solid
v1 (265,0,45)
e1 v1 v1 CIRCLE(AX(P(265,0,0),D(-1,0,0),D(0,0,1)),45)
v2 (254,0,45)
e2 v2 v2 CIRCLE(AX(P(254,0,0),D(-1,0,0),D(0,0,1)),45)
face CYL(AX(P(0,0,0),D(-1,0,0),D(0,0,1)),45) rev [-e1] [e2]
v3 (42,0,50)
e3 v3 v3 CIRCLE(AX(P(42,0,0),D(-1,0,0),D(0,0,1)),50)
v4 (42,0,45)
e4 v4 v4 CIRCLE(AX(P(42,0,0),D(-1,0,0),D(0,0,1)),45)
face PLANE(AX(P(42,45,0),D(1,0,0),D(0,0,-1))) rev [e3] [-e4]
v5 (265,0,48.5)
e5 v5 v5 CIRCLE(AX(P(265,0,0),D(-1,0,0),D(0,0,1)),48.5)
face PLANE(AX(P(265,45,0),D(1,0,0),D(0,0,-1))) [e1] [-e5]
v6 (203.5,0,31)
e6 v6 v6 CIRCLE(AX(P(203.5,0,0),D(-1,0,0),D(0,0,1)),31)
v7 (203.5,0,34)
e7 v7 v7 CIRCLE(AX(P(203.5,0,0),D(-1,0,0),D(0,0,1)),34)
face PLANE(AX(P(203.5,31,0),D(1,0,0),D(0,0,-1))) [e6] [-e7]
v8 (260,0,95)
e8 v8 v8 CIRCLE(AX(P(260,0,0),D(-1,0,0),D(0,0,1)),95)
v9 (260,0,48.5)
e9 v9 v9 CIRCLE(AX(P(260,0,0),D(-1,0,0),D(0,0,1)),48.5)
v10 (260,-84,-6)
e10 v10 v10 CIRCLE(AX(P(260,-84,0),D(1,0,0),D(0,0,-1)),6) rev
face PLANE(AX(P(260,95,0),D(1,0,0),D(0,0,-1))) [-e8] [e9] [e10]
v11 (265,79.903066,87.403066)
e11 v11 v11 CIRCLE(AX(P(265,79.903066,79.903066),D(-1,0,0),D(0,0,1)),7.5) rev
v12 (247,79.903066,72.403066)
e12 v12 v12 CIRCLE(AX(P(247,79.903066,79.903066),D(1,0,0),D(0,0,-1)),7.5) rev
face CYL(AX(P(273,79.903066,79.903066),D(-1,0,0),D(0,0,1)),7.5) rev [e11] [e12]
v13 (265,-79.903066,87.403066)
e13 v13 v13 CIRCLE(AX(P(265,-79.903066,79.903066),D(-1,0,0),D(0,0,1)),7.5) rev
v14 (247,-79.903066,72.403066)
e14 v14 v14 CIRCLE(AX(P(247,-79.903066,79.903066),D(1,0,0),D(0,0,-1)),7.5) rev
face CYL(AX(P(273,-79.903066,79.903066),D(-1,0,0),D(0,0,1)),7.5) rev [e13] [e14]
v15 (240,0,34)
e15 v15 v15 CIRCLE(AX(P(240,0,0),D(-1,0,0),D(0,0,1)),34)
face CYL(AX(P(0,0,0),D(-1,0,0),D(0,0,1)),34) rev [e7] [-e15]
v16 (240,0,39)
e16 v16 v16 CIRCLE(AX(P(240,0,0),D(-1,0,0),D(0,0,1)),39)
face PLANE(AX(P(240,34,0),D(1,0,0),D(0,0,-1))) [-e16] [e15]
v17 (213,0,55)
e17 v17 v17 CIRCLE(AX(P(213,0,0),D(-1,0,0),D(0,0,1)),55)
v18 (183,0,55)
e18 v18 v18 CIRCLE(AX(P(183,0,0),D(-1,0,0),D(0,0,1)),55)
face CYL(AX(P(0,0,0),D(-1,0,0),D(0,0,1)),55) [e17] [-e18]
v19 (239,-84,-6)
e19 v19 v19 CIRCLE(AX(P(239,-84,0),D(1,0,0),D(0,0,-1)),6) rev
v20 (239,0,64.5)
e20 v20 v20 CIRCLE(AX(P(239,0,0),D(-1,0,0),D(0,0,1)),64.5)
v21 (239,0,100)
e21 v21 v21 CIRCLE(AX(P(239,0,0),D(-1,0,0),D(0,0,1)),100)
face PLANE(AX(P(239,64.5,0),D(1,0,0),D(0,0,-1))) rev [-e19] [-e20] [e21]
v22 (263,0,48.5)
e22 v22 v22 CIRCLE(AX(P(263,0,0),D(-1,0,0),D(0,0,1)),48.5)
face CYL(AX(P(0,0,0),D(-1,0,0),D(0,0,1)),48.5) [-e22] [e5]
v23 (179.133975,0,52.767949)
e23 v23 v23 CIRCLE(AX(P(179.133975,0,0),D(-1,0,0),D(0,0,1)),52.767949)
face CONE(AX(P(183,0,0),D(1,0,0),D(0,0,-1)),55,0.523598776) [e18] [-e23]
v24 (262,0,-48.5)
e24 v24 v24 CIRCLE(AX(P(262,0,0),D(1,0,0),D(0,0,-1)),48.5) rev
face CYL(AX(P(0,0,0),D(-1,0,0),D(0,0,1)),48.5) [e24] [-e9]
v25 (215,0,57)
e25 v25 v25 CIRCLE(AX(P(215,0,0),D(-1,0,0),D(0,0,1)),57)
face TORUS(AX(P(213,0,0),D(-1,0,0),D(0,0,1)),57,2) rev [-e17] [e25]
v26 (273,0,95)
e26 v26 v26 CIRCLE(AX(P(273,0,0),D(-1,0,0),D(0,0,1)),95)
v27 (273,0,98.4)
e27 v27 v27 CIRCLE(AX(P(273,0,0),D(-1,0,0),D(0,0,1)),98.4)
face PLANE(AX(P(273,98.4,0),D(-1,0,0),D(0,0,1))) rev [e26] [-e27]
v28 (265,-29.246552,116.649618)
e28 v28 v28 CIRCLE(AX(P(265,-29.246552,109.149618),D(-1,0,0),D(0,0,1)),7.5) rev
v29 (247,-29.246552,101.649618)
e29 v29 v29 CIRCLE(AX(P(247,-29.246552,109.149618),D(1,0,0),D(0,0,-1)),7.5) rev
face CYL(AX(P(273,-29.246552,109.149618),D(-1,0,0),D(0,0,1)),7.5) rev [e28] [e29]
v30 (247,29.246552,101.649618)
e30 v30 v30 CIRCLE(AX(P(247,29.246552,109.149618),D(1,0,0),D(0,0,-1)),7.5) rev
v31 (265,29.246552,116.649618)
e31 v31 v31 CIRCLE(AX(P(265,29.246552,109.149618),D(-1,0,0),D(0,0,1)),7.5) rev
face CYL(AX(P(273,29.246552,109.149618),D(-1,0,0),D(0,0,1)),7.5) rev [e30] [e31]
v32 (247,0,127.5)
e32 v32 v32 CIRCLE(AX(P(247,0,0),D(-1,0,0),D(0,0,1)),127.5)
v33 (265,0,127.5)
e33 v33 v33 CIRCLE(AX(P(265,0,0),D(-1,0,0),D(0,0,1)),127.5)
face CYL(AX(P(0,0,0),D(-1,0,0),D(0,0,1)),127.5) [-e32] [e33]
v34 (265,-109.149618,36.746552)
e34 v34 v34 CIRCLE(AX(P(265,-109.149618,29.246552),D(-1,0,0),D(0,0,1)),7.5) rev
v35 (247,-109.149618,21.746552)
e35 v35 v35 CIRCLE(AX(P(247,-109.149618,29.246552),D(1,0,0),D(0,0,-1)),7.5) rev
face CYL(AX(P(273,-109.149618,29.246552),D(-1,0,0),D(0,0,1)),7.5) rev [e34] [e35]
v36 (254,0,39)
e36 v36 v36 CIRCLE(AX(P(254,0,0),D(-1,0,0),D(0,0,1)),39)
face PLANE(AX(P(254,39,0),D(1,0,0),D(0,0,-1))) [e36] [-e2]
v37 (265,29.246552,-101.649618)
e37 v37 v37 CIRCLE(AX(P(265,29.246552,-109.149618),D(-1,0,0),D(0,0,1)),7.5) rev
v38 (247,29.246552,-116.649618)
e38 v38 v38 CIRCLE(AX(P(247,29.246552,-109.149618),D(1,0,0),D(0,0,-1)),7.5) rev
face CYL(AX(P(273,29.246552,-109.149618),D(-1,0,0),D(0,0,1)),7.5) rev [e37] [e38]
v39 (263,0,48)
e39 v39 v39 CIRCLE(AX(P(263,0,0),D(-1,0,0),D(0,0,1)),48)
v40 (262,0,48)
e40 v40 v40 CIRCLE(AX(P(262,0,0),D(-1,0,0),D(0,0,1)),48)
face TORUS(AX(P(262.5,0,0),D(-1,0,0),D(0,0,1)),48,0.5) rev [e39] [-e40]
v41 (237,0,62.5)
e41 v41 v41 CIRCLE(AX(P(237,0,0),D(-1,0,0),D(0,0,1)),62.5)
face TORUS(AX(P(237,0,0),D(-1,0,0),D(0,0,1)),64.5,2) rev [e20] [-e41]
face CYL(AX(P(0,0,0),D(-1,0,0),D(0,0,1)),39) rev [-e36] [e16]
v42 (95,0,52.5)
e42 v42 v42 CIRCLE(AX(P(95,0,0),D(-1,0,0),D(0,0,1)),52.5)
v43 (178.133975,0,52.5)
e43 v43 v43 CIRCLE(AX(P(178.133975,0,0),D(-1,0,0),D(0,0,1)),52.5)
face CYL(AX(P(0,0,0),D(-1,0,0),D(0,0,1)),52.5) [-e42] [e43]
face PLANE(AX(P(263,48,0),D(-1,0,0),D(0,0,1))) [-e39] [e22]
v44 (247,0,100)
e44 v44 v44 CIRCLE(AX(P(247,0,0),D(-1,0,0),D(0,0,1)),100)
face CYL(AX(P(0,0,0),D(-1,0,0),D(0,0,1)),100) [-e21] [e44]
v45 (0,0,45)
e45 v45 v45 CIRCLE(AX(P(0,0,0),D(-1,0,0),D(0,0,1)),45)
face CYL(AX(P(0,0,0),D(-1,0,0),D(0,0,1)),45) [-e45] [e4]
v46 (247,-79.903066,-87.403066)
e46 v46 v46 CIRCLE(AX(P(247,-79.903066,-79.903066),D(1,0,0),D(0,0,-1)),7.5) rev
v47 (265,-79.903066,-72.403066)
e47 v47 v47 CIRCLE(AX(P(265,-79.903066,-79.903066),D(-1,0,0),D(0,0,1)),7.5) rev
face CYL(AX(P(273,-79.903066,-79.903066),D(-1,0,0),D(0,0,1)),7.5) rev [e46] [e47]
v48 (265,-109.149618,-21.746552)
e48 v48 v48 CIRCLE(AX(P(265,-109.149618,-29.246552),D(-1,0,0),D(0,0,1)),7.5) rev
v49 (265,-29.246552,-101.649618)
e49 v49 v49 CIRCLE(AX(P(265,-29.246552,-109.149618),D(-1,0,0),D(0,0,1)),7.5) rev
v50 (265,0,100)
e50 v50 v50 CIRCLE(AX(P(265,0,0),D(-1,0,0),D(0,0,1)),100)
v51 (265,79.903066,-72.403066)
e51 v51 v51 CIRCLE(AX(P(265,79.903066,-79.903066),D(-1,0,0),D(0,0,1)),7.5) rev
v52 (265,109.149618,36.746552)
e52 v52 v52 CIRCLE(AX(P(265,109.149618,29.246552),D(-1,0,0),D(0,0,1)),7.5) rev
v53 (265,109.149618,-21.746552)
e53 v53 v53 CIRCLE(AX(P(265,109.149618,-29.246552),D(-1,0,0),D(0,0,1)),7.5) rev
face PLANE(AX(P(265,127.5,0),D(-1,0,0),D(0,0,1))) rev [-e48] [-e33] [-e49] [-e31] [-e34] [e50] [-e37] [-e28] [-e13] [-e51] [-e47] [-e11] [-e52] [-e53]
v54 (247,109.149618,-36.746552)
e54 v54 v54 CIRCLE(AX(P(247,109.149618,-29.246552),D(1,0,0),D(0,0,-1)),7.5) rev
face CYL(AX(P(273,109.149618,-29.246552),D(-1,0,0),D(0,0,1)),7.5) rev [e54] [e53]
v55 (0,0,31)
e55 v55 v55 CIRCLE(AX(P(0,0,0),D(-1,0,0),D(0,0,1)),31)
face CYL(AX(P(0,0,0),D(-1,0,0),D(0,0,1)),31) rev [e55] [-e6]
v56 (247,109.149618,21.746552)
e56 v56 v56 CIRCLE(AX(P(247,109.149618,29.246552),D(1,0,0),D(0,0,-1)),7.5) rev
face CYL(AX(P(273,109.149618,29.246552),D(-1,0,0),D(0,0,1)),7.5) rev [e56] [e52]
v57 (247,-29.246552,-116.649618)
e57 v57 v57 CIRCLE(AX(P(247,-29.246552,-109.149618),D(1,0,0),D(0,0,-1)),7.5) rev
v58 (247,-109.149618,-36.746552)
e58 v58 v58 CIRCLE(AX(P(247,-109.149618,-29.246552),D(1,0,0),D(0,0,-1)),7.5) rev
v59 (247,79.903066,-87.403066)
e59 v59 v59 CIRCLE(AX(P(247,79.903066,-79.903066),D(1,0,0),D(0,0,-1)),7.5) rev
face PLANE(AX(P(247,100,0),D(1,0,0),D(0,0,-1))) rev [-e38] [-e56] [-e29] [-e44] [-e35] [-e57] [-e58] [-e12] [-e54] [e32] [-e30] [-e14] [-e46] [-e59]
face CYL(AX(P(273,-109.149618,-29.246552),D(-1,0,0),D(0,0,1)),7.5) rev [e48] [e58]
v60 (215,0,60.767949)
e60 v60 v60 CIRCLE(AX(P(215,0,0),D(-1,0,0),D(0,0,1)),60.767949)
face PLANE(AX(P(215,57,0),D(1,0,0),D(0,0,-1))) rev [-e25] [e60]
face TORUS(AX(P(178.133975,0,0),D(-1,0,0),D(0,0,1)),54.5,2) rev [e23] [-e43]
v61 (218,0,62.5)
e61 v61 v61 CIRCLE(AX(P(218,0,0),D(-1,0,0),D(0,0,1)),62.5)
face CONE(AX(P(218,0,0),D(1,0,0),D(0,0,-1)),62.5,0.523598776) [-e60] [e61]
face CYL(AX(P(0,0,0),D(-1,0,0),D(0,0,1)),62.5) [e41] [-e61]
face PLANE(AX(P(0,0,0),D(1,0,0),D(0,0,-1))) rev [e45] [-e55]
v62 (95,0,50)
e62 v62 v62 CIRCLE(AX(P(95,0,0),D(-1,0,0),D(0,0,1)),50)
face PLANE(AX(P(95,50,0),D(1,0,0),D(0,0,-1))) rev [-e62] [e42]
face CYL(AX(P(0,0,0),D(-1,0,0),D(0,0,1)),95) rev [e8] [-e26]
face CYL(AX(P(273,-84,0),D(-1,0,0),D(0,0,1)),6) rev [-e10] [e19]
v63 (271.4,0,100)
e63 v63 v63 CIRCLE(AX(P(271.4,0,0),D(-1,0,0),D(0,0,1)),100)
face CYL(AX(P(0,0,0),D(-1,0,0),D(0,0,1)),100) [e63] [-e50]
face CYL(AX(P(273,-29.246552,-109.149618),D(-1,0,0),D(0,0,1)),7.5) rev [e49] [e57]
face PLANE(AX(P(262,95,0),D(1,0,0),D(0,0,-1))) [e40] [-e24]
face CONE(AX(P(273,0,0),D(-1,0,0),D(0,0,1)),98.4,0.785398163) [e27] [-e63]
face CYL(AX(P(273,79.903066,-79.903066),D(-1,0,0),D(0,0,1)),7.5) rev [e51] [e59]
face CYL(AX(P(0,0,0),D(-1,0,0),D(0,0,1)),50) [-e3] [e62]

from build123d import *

# Parameters (mm, degrees)
SKETCH_3_W           = 2
SKETCH_3_H           = 46.5
SKETCH_5_W           = 2
SKETCH_5_H           = 46.5
SKETCH_6_R           = 7.5
CUT_EXTRUDE_1_DEPTH  = 328.171973127
SKETCH_7_R           = 7.5
CUT_EXTRUDE_2_DEPTH  = 328.171973127
SKETCH_8_R           = 7.5
CUT_EXTRUDE_3_DEPTH  = 328.171973127
SKETCH_9_R           = 7.5
CUT_EXTRUDE_4_DEPTH  = 328.171973127
SKETCH_10_R          = 7.5
CUT_EXTRUDE_5_DEPTH  = 328.171973127
SKETCH_11_R          = 7.5
CUT_EXTRUDE_6_DEPTH  = 328.171973127
SKETCH_12_R          = 7.5
CUT_EXTRUDE_7_DEPTH  = 328.171973127
SKETCH_13_R          = 7.5
CUT_EXTRUDE_8_DEPTH  = 328.171973127
SKETCH_14_R          = 7.5
CUT_EXTRUDE_9_DEPTH  = 328.171973127
SKETCH_15_R          = 7.5
CUT_EXTRUDE_10_DEPTH = 328.171973127
SKETCH_16_R          = 7.5
CUT_EXTRUDE_11_DEPTH = 328.171973127
SKETCH_17_R          = 7.5
CUT_EXTRUDE_12_DEPTH = 328.171973127
SKETCH_18_R          = 6
CUT_EXTRUDE_13_DEPTH = 328.171973127


with BuildPart() as part:
    # Эскиз1 → Повернуть1 (revolve)
    with BuildSketch(Plane.XY, mode=Mode.PRIVATE) as revolve_1_sk:
        with BuildLine():
            Line((0, 0), (273, 0))
            Line((273, 0), (273, 98.4))
            Line((273, 98.4), (271.4, 100))
            Line((271.4, 100), (265, 100))
            Line((265, 100), (265, 127.5))
            Line((265, 127.5), (247, 127.5))
            Line((247, 127.5), (247, 100))
            Line((247, 100), (239, 100))
            Line((239, 100), (239, 64.5))
            ThreePointArc((239, 64.5), (238.414213562, 63.085786438), (237, 62.5))
            Line((237, 62.5), (218, 62.5))
            Line((218, 62.5), (215, 60.767949192))
            Line((215, 60.767949192), (215, 57))
            ThreePointArc((215, 57), (214.414213562, 55.585786438), (213, 55))
            Line((213, 55), (183, 55))
            Line((183, 55), (179.133974596, 52.767949192))
            ThreePointArc((179.133974596, 52.767949192), (178.651612686, 52.568148347), (178.133974596, 52.5))
            Line((178.133974596, 52.5), (95, 52.5))
            Line((95, 52.5), (95, 50))
            Line((95, 50), (42, 50))
            Line((42, 50), (42, 45))
            Line((42, 45), (0, 45))
            Line((0, 45), (0, 0))
        make_face()
    revolve(revolve_1_sk.sketch.rotate(Axis((0, 0, 0), (1, 0, 0)), 90), axis=Axis((0, 0, 0), (1, 0, 0)))

    # Эскиз2 → Вырез-Повернуть1 (revolve, cut)
    with BuildSketch(Plane.XY, mode=Mode.PRIVATE) as cut_revolve_1_sk:
        Polygon((0, 0), (273, 0), (273, 95), (265, 95), (265, 45), (254, 45), (254, 39), (240, 39), (240, 34), (203.5, 34), (203.5, 31), (0, 31), align=None)
    revolve(cut_revolve_1_sk.sketch.rotate(Axis((0, 0, 0), (1, 0, 0)), 90), axis=Axis((0, 0, 0), (1, 0, 0)), mode=Mode.SUBTRACT)

    # Эскиз3 → Rear_recess_left (revolve, cut)
    with BuildSketch(Plane.XY, mode=Mode.PRIVATE) as rear_recess_left_sk:
        with Locations((261, 71.75)):
            Rectangle(SKETCH_3_W, SKETCH_3_H)
    revolve(rear_recess_left_sk.sketch.rotate(Axis((0, 0, 0), (1, 0, 0)), 90), axis=Axis((0, 0, 0), (1, 0, 0)), mode=Mode.SUBTRACT)

    # Эскиз4 → Collar_groove_nominal (revolve, cut)
    with BuildSketch(Plane.XY, mode=Mode.PRIVATE) as collar_groove_nominal_sk:
        with BuildLine():
            Line((263, 48), (263, 95))
            Line((263, 95), (262, 95))
            Line((262, 95), (262, 48))
            ThreePointArc((262, 48), (262.146446609, 47.646446609), (262.5, 47.5))
            ThreePointArc((262.5, 47.5), (262.853553391, 47.646446609), (263, 48))
        make_face()
    revolve(collar_groove_nominal_sk.sketch.rotate(Axis((0, 0, 0), (1, 0, 0)), 90), axis=Axis((0, 0, 0), (1, 0, 0)), mode=Mode.SUBTRACT)

    # Эскиз5 → Rear_recess_lip (revolve, cut)
    with BuildSketch(Plane.XY, mode=Mode.PRIVATE) as rear_recess_lip_sk:
        with Locations((264, 71.75)):
            Rectangle(SKETCH_5_W, SKETCH_5_H)
    revolve(rear_recess_lip_sk.sketch.rotate(Axis((0, 0, 0), (1, 0, 0)), 90), axis=Axis((0, 0, 0), (1, 0, 0)), mode=Mode.SUBTRACT)

    # Эскиз6 → Вырез-Вытянуть1 (cut, through all)
    with BuildSketch(Plane(origin=(0, 0, 0), x_dir=(0, 0, -1), z_dir=(1, 0, 0))):
        with Locations(Location((109.149618371, 29.246552097, 0), (0, 0, 180))):
            Circle(SKETCH_6_R)
    extrude(amount=CUT_EXTRUDE_1_DEPTH, mode=Mode.SUBTRACT)

    # Эскиз7 → Вырез-Вытянуть2 (cut, through all)
    with BuildSketch(Plane(origin=(0, 0, 0), x_dir=(0, 0, -1), z_dir=(1, 0, 0))):
        with Locations(Location((79.903066274, 79.903066274, 0), (0, 0, 180))):
            Circle(SKETCH_7_R)
    extrude(amount=CUT_EXTRUDE_2_DEPTH, mode=Mode.SUBTRACT)

    # Эскиз8 → Вырез-Вытянуть3 (cut, through all)
    with BuildSketch(Plane(origin=(0, 0, 0), x_dir=(0, 0, -1), z_dir=(1, 0, 0))):
        with Locations(Location((29.246552097, 109.149618371, 0), (0, 0, 180))):
            Circle(SKETCH_8_R)
    extrude(amount=CUT_EXTRUDE_3_DEPTH, mode=Mode.SUBTRACT)

    # Эскиз9 → Вырез-Вытянуть4 (cut, through all)
    with BuildSketch(Plane(origin=(0, 0, 0), x_dir=(0, 0, -1), z_dir=(1, 0, 0))):
        with Locations(Location((-29.246552097, 109.149618371, 0), (0, 0, 180))):
            Circle(SKETCH_9_R)
    extrude(amount=CUT_EXTRUDE_4_DEPTH, mode=Mode.SUBTRACT)

    # Эскиз10 → Вырез-Вытянуть5 (cut, through all)
    with BuildSketch(Plane(origin=(0, 0, 0), x_dir=(0, 0, -1), z_dir=(1, 0, 0))):
        with Locations(Location((-79.903066274, 79.903066274, 0), (0, 0, 180))):
            Circle(SKETCH_10_R)
    extrude(amount=CUT_EXTRUDE_5_DEPTH, mode=Mode.SUBTRACT)

    # Эскиз11 → Вырез-Вытянуть6 (cut, through all)
    with BuildSketch(Plane(origin=(0, 0, 0), x_dir=(0, 0, -1), z_dir=(1, 0, 0))):
        with Locations(Location((-109.149618371, 29.246552097, 0), (0, 0, 180))):
            Circle(SKETCH_11_R)
    extrude(amount=CUT_EXTRUDE_6_DEPTH, mode=Mode.SUBTRACT)

    # Эскиз12 → Вырез-Вытянуть7 (cut, through all)
    with BuildSketch(Plane(origin=(0, 0, 0), x_dir=(0, 0, -1), z_dir=(1, 0, 0))):
        with Locations(Location((-109.149618371, -29.246552097, 0), (0, 0, 180))):
            Circle(SKETCH_12_R)
    extrude(amount=CUT_EXTRUDE_7_DEPTH, mode=Mode.SUBTRACT)

    # Эскиз13 → Вырез-Вытянуть8 (cut, through all)
    with BuildSketch(Plane(origin=(0, 0, 0), x_dir=(0, 0, -1), z_dir=(1, 0, 0))):
        with Locations(Location((-79.903066274, -79.903066274, 0), (0, 0, 180))):
            Circle(SKETCH_13_R)
    extrude(amount=CUT_EXTRUDE_8_DEPTH, mode=Mode.SUBTRACT)

    # Эскиз14 → Вырез-Вытянуть9 (cut, through all)
    with BuildSketch(Plane(origin=(0, 0, 0), x_dir=(0, 0, -1), z_dir=(1, 0, 0))):
        with Locations(Location((-29.246552097, -109.149618371, 0), (0, 0, 180))):
            Circle(SKETCH_14_R)
    extrude(amount=CUT_EXTRUDE_9_DEPTH, mode=Mode.SUBTRACT)

    # Эскиз15 → Вырез-Вытянуть10 (cut, through all)
    with BuildSketch(Plane(origin=(0, 0, 0), x_dir=(0, 0, -1), z_dir=(1, 0, 0))):
        with Locations(Location((29.246552097, -109.149618371, 0), (0, 0, 180))):
            Circle(SKETCH_15_R)
    extrude(amount=CUT_EXTRUDE_10_DEPTH, mode=Mode.SUBTRACT)

    # Эскиз16 → Вырез-Вытянуть11 (cut, through all)
    with BuildSketch(Plane(origin=(0, 0, 0), x_dir=(0, 0, -1), z_dir=(1, 0, 0))):
        with Locations(Location((79.903066274, -79.903066274, 0), (0, 0, 180))):
            Circle(SKETCH_16_R)
    extrude(amount=CUT_EXTRUDE_11_DEPTH, mode=Mode.SUBTRACT)

    # Эскиз17 → Вырез-Вытянуть12 (cut, through all)
    with BuildSketch(Plane(origin=(0, 0, 0), x_dir=(0, 0, -1), z_dir=(1, 0, 0))):
        with Locations(Location((109.149618371, -29.246552097, 0), (0, 0, 180))):
            Circle(SKETCH_17_R)
    extrude(amount=CUT_EXTRUDE_12_DEPTH, mode=Mode.SUBTRACT)

    # Эскиз18 → Вырез-Вытянуть13 (cut, through all)
    with BuildSketch(Plane(origin=(0, 0, 0), x_dir=(0, 0, -1), z_dir=(1, 0, 0))):
        with Locations((0, -84)):
            Circle(SKETCH_18_R)
    extrude(amount=CUT_EXTRUDE_13_DEPTH, mode=Mode.SUBTRACT)


solid = part.part
